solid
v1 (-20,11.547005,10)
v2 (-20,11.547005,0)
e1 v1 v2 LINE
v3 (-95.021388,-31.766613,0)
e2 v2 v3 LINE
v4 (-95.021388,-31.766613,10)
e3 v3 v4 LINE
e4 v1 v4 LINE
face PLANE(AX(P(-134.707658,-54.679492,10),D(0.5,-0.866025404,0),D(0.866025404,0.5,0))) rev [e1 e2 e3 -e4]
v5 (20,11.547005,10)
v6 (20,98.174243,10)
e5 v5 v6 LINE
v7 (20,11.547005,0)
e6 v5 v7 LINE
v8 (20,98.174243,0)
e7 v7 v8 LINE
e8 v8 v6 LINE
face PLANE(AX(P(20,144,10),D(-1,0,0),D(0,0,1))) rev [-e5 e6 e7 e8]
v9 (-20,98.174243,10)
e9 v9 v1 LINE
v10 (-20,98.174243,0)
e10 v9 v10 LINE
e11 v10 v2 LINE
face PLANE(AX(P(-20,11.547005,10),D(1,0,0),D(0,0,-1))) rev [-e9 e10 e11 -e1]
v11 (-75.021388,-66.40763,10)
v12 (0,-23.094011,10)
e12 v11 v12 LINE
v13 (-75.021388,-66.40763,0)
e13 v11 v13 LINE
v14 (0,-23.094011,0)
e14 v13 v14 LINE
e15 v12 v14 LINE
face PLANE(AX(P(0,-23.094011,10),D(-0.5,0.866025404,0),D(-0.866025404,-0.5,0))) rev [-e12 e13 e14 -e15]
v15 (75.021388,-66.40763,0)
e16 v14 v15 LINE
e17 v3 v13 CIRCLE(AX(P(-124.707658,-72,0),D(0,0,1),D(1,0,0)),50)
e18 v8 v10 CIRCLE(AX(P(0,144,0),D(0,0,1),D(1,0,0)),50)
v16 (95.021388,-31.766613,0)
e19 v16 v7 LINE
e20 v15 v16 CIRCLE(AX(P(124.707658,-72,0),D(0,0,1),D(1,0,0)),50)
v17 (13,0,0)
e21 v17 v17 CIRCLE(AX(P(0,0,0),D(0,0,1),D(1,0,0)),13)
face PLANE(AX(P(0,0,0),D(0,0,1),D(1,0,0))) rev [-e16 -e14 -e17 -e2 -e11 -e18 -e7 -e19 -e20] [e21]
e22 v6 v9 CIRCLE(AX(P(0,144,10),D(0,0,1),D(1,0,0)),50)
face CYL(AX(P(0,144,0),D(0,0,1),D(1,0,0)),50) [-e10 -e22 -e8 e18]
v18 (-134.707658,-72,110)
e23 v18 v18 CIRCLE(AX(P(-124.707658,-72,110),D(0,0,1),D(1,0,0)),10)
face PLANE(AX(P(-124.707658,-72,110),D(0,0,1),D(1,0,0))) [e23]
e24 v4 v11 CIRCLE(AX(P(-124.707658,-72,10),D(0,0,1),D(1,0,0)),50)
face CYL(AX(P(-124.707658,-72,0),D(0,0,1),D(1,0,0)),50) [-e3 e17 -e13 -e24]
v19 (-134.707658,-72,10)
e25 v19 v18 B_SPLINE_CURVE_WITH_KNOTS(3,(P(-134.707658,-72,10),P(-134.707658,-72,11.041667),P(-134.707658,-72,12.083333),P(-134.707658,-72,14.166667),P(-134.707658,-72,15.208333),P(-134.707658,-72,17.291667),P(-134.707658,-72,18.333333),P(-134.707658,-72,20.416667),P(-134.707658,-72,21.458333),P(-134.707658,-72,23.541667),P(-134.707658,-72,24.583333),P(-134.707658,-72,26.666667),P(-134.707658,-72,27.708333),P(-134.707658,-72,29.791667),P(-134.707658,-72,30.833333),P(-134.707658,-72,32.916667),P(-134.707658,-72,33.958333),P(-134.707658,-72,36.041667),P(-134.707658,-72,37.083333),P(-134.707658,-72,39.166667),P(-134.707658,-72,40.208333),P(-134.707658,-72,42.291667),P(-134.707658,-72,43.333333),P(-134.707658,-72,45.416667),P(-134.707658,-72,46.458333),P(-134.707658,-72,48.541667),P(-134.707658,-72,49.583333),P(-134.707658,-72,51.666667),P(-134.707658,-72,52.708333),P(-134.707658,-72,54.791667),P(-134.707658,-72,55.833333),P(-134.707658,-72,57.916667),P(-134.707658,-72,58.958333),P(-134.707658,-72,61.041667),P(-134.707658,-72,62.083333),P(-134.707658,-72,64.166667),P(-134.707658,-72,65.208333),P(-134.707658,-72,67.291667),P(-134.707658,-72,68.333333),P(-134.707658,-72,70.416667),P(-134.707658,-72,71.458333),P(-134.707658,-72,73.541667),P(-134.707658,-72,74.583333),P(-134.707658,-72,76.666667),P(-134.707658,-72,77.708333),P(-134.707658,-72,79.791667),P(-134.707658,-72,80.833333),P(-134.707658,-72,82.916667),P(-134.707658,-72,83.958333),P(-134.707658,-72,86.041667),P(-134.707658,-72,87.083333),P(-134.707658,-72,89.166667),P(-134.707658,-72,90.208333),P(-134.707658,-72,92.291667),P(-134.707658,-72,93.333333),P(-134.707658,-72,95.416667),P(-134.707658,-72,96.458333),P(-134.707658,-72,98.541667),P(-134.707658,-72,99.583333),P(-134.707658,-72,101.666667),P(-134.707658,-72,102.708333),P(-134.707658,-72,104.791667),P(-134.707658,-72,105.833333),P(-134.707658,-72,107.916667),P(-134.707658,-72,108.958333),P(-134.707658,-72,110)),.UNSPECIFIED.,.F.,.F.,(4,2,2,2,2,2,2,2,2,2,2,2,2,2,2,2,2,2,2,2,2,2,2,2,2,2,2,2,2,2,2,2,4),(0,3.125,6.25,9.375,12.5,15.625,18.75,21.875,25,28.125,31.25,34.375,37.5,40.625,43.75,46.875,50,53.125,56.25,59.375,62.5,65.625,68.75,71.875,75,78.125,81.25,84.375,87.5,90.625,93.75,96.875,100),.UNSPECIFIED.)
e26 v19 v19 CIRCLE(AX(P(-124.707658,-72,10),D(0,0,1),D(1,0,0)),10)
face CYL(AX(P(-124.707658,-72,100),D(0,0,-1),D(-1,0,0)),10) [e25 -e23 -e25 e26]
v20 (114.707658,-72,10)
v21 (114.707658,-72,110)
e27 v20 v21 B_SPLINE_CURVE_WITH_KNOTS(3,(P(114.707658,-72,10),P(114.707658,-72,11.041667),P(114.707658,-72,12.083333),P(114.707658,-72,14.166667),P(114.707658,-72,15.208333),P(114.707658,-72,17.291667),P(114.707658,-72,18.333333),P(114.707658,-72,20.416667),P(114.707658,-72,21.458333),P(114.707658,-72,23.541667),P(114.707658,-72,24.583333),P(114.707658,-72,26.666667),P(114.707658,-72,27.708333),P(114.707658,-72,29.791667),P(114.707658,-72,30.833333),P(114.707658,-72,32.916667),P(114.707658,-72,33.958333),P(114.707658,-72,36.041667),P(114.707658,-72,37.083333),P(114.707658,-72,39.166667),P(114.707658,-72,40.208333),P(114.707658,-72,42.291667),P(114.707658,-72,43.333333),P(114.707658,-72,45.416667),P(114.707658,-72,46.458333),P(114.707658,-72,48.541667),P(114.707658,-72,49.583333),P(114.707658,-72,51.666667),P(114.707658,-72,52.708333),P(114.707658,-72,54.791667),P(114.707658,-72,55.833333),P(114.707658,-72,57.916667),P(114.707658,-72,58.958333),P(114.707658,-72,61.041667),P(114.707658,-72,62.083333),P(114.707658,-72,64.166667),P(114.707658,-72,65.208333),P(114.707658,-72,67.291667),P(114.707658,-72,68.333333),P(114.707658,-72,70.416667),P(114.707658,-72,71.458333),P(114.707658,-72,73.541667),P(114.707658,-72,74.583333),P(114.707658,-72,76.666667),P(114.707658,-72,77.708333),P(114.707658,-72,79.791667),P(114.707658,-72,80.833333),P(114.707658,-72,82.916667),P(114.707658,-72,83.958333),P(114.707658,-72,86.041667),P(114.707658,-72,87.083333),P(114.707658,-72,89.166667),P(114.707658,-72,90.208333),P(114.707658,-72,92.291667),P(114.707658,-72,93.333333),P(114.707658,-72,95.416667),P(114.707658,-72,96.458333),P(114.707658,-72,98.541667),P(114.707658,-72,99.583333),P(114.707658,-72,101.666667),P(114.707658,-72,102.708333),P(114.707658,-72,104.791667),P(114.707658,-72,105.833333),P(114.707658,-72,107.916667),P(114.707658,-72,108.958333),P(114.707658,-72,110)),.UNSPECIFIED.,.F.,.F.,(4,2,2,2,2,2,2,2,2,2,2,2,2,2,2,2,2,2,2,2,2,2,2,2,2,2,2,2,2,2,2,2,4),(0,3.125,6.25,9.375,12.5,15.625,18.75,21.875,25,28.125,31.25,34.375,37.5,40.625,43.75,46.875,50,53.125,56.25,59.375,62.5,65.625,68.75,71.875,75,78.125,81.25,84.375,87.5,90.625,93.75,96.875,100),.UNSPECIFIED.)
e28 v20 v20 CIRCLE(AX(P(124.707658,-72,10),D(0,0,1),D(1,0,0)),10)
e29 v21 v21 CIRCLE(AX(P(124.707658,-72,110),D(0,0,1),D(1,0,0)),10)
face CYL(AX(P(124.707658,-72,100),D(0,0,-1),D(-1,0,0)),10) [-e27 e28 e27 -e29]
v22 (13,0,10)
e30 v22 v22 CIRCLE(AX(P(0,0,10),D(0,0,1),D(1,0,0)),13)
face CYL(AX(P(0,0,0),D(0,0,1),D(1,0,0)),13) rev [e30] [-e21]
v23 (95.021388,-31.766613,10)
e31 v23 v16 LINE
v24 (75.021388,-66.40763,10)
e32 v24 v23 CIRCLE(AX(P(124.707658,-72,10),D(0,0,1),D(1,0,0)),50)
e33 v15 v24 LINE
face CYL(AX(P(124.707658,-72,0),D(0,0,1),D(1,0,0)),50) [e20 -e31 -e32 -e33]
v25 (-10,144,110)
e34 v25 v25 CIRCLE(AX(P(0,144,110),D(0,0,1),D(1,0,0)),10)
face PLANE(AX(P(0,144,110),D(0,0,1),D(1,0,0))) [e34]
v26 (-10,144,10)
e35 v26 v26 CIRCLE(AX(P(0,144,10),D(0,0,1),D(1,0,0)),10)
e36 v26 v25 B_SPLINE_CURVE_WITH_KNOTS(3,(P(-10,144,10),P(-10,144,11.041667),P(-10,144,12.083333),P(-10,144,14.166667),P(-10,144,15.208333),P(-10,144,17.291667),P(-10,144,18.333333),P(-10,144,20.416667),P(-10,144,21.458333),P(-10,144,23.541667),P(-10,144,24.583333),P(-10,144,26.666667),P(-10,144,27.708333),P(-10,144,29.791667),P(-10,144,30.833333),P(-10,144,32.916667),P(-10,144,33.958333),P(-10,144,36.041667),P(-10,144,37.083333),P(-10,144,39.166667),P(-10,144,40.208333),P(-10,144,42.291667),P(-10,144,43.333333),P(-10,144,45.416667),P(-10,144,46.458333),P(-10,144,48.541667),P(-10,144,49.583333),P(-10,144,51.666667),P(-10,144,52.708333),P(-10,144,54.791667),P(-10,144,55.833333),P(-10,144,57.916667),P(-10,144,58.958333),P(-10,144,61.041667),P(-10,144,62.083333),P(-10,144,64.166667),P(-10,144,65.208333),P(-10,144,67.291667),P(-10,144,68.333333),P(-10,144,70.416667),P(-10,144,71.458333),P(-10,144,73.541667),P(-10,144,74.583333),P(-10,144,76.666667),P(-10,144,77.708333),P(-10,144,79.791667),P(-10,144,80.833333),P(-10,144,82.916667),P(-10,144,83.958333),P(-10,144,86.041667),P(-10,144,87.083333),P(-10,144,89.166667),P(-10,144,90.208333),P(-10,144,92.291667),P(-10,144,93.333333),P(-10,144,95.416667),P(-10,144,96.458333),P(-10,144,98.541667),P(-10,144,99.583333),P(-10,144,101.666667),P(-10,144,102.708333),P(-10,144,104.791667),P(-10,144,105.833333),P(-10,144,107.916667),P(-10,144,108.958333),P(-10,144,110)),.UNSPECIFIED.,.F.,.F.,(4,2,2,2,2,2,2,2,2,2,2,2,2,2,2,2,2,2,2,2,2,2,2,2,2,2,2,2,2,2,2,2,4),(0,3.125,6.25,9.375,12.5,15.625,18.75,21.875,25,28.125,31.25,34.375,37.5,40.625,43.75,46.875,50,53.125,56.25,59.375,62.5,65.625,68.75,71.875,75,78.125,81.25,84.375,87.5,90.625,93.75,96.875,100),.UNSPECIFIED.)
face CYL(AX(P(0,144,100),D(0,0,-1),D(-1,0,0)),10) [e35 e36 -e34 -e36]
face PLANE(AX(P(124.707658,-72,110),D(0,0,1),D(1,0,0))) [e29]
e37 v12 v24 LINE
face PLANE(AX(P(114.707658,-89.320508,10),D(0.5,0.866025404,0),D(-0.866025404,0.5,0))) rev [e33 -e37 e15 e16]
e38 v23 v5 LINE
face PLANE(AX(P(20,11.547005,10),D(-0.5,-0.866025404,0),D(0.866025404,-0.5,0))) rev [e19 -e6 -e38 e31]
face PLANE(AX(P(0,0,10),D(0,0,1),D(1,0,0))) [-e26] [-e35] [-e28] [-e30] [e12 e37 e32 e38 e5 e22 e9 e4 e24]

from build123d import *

# Parameters (mm, degrees)
BOSS_EXTRUDE2_DEPTH = 10
SKETCH3_R           = 50
BOSS_EXTRUDE3_DEPTH = 10
SKETCH4_R           = 10
BOSS_EXTRUDE4_DEPTH = 90
CUT_EXTRUDE1_START  = -30
SKETCH5_R           = 10
CUT_EXTRUDE1_DEPTH  = 30
SKETCH6_R           = 13
CUT_EXTRUDE2_DEPTH  = 10
SKETCH7_R           = 10
BOSS_EXTRUDE5_DEPTH = 30
SKETCH9_R           = 10
BOSS_EXTRUDE6_DEPTH = 10
SKETCH10_R          = 10
BOSS_EXTRUDE7_DEPTH = 10
SKETCH11_R          = 10
BOSS_EXTRUDE8_DEPTH = 10


with BuildPart() as part:
    # Sketch1 → Boss-Extrude2 (new body)
    with BuildSketch(Plane.XY):
        Polygon((20, 144), (-20, 144), (-20, 11.547005384), (-134.707658145, -54.679491924), (-114.707658145, -89.320508076), (0, -23.094010768), (114.707658145, -89.320508076), (134.707658145, -54.679491924), (20, 11.547005384), align=None)
    extrude(amount=BOSS_EXTRUDE2_DEPTH)

    # Sketch3 → Boss-Extrude3 (add)
    with BuildSketch(Plane.XY.offset(10)):
        with Locations((-124.707658145, -72)):
            Circle(SKETCH3_R)
        with Locations((0, 144)):
            Circle(SKETCH3_R)
        with Locations((124.707658145, -72)):
            Circle(SKETCH3_R)
    extrude(amount=-BOSS_EXTRUDE3_DEPTH)

    # Sketch4 → Boss-Extrude4 (add)
    with BuildSketch(Plane.XY.offset(10)):
        with Locations(Location((0, 144, 0), (0, 0, 180))):
            Circle(SKETCH4_R)
        with Locations(Location((124.707658145, -72, 0), (0, 0, 180))):
            Circle(SKETCH4_R)
        with Locations(Location((-124.707658145, -72, 0), (0, 0, 180))):
            Circle(SKETCH4_R)
    extrude(amount=BOSS_EXTRUDE4_DEPTH)

    # Sketch5 → Cut-Extrude1 (cut)
    with BuildSketch(Plane.XY.offset(100).offset(CUT_EXTRUDE1_START)):
        with Locations(Location((0, 144, 0), (0, 0, 180))):
            Circle(SKETCH5_R)
    extrude(amount=CUT_EXTRUDE1_DEPTH, mode=Mode.SUBTRACT)

    # Sketch6 → Cut-Extrude2 (cut)
    with BuildSketch(Plane.XY.offset(10)):
        Circle(SKETCH6_R)
    extrude(amount=-CUT_EXTRUDE2_DEPTH, mode=Mode.SUBTRACT)

    # Sketch7 → Boss-Extrude5 (add)
    with BuildSketch(Plane.XY.offset(70)):
        with Locations(Location((0, 144, 0), (0, 0, 180))):
            Circle(SKETCH7_R)
    extrude(amount=BOSS_EXTRUDE5_DEPTH)

    # Sketch9 → Boss-Extrude6 (add)
    with BuildSketch(Plane.XY.offset(100)):
        with Locations(Location((0, 144, 0), (0, 0, 180))):
            Circle(SKETCH9_R)
    extrude(amount=BOSS_EXTRUDE6_DEPTH)

    # Sketch10 → Boss-Extrude7 (add)
    with BuildSketch(Plane.XY.offset(100)):
        with Locations(Location((-124.707658145, -72, 0), (0, 0, 180))):
            Circle(SKETCH10_R)
    extrude(amount=BOSS_EXTRUDE7_DEPTH)

    # Sketch11 → Boss-Extrude8 (add)
    with BuildSketch(Plane.XY.offset(100)):
        with Locations(Location((124.707658145, -72, 0), (0, 0, 180))):
            Circle(SKETCH11_R)
    extrude(amount=BOSS_EXTRUDE8_DEPTH)


solid = part.part
